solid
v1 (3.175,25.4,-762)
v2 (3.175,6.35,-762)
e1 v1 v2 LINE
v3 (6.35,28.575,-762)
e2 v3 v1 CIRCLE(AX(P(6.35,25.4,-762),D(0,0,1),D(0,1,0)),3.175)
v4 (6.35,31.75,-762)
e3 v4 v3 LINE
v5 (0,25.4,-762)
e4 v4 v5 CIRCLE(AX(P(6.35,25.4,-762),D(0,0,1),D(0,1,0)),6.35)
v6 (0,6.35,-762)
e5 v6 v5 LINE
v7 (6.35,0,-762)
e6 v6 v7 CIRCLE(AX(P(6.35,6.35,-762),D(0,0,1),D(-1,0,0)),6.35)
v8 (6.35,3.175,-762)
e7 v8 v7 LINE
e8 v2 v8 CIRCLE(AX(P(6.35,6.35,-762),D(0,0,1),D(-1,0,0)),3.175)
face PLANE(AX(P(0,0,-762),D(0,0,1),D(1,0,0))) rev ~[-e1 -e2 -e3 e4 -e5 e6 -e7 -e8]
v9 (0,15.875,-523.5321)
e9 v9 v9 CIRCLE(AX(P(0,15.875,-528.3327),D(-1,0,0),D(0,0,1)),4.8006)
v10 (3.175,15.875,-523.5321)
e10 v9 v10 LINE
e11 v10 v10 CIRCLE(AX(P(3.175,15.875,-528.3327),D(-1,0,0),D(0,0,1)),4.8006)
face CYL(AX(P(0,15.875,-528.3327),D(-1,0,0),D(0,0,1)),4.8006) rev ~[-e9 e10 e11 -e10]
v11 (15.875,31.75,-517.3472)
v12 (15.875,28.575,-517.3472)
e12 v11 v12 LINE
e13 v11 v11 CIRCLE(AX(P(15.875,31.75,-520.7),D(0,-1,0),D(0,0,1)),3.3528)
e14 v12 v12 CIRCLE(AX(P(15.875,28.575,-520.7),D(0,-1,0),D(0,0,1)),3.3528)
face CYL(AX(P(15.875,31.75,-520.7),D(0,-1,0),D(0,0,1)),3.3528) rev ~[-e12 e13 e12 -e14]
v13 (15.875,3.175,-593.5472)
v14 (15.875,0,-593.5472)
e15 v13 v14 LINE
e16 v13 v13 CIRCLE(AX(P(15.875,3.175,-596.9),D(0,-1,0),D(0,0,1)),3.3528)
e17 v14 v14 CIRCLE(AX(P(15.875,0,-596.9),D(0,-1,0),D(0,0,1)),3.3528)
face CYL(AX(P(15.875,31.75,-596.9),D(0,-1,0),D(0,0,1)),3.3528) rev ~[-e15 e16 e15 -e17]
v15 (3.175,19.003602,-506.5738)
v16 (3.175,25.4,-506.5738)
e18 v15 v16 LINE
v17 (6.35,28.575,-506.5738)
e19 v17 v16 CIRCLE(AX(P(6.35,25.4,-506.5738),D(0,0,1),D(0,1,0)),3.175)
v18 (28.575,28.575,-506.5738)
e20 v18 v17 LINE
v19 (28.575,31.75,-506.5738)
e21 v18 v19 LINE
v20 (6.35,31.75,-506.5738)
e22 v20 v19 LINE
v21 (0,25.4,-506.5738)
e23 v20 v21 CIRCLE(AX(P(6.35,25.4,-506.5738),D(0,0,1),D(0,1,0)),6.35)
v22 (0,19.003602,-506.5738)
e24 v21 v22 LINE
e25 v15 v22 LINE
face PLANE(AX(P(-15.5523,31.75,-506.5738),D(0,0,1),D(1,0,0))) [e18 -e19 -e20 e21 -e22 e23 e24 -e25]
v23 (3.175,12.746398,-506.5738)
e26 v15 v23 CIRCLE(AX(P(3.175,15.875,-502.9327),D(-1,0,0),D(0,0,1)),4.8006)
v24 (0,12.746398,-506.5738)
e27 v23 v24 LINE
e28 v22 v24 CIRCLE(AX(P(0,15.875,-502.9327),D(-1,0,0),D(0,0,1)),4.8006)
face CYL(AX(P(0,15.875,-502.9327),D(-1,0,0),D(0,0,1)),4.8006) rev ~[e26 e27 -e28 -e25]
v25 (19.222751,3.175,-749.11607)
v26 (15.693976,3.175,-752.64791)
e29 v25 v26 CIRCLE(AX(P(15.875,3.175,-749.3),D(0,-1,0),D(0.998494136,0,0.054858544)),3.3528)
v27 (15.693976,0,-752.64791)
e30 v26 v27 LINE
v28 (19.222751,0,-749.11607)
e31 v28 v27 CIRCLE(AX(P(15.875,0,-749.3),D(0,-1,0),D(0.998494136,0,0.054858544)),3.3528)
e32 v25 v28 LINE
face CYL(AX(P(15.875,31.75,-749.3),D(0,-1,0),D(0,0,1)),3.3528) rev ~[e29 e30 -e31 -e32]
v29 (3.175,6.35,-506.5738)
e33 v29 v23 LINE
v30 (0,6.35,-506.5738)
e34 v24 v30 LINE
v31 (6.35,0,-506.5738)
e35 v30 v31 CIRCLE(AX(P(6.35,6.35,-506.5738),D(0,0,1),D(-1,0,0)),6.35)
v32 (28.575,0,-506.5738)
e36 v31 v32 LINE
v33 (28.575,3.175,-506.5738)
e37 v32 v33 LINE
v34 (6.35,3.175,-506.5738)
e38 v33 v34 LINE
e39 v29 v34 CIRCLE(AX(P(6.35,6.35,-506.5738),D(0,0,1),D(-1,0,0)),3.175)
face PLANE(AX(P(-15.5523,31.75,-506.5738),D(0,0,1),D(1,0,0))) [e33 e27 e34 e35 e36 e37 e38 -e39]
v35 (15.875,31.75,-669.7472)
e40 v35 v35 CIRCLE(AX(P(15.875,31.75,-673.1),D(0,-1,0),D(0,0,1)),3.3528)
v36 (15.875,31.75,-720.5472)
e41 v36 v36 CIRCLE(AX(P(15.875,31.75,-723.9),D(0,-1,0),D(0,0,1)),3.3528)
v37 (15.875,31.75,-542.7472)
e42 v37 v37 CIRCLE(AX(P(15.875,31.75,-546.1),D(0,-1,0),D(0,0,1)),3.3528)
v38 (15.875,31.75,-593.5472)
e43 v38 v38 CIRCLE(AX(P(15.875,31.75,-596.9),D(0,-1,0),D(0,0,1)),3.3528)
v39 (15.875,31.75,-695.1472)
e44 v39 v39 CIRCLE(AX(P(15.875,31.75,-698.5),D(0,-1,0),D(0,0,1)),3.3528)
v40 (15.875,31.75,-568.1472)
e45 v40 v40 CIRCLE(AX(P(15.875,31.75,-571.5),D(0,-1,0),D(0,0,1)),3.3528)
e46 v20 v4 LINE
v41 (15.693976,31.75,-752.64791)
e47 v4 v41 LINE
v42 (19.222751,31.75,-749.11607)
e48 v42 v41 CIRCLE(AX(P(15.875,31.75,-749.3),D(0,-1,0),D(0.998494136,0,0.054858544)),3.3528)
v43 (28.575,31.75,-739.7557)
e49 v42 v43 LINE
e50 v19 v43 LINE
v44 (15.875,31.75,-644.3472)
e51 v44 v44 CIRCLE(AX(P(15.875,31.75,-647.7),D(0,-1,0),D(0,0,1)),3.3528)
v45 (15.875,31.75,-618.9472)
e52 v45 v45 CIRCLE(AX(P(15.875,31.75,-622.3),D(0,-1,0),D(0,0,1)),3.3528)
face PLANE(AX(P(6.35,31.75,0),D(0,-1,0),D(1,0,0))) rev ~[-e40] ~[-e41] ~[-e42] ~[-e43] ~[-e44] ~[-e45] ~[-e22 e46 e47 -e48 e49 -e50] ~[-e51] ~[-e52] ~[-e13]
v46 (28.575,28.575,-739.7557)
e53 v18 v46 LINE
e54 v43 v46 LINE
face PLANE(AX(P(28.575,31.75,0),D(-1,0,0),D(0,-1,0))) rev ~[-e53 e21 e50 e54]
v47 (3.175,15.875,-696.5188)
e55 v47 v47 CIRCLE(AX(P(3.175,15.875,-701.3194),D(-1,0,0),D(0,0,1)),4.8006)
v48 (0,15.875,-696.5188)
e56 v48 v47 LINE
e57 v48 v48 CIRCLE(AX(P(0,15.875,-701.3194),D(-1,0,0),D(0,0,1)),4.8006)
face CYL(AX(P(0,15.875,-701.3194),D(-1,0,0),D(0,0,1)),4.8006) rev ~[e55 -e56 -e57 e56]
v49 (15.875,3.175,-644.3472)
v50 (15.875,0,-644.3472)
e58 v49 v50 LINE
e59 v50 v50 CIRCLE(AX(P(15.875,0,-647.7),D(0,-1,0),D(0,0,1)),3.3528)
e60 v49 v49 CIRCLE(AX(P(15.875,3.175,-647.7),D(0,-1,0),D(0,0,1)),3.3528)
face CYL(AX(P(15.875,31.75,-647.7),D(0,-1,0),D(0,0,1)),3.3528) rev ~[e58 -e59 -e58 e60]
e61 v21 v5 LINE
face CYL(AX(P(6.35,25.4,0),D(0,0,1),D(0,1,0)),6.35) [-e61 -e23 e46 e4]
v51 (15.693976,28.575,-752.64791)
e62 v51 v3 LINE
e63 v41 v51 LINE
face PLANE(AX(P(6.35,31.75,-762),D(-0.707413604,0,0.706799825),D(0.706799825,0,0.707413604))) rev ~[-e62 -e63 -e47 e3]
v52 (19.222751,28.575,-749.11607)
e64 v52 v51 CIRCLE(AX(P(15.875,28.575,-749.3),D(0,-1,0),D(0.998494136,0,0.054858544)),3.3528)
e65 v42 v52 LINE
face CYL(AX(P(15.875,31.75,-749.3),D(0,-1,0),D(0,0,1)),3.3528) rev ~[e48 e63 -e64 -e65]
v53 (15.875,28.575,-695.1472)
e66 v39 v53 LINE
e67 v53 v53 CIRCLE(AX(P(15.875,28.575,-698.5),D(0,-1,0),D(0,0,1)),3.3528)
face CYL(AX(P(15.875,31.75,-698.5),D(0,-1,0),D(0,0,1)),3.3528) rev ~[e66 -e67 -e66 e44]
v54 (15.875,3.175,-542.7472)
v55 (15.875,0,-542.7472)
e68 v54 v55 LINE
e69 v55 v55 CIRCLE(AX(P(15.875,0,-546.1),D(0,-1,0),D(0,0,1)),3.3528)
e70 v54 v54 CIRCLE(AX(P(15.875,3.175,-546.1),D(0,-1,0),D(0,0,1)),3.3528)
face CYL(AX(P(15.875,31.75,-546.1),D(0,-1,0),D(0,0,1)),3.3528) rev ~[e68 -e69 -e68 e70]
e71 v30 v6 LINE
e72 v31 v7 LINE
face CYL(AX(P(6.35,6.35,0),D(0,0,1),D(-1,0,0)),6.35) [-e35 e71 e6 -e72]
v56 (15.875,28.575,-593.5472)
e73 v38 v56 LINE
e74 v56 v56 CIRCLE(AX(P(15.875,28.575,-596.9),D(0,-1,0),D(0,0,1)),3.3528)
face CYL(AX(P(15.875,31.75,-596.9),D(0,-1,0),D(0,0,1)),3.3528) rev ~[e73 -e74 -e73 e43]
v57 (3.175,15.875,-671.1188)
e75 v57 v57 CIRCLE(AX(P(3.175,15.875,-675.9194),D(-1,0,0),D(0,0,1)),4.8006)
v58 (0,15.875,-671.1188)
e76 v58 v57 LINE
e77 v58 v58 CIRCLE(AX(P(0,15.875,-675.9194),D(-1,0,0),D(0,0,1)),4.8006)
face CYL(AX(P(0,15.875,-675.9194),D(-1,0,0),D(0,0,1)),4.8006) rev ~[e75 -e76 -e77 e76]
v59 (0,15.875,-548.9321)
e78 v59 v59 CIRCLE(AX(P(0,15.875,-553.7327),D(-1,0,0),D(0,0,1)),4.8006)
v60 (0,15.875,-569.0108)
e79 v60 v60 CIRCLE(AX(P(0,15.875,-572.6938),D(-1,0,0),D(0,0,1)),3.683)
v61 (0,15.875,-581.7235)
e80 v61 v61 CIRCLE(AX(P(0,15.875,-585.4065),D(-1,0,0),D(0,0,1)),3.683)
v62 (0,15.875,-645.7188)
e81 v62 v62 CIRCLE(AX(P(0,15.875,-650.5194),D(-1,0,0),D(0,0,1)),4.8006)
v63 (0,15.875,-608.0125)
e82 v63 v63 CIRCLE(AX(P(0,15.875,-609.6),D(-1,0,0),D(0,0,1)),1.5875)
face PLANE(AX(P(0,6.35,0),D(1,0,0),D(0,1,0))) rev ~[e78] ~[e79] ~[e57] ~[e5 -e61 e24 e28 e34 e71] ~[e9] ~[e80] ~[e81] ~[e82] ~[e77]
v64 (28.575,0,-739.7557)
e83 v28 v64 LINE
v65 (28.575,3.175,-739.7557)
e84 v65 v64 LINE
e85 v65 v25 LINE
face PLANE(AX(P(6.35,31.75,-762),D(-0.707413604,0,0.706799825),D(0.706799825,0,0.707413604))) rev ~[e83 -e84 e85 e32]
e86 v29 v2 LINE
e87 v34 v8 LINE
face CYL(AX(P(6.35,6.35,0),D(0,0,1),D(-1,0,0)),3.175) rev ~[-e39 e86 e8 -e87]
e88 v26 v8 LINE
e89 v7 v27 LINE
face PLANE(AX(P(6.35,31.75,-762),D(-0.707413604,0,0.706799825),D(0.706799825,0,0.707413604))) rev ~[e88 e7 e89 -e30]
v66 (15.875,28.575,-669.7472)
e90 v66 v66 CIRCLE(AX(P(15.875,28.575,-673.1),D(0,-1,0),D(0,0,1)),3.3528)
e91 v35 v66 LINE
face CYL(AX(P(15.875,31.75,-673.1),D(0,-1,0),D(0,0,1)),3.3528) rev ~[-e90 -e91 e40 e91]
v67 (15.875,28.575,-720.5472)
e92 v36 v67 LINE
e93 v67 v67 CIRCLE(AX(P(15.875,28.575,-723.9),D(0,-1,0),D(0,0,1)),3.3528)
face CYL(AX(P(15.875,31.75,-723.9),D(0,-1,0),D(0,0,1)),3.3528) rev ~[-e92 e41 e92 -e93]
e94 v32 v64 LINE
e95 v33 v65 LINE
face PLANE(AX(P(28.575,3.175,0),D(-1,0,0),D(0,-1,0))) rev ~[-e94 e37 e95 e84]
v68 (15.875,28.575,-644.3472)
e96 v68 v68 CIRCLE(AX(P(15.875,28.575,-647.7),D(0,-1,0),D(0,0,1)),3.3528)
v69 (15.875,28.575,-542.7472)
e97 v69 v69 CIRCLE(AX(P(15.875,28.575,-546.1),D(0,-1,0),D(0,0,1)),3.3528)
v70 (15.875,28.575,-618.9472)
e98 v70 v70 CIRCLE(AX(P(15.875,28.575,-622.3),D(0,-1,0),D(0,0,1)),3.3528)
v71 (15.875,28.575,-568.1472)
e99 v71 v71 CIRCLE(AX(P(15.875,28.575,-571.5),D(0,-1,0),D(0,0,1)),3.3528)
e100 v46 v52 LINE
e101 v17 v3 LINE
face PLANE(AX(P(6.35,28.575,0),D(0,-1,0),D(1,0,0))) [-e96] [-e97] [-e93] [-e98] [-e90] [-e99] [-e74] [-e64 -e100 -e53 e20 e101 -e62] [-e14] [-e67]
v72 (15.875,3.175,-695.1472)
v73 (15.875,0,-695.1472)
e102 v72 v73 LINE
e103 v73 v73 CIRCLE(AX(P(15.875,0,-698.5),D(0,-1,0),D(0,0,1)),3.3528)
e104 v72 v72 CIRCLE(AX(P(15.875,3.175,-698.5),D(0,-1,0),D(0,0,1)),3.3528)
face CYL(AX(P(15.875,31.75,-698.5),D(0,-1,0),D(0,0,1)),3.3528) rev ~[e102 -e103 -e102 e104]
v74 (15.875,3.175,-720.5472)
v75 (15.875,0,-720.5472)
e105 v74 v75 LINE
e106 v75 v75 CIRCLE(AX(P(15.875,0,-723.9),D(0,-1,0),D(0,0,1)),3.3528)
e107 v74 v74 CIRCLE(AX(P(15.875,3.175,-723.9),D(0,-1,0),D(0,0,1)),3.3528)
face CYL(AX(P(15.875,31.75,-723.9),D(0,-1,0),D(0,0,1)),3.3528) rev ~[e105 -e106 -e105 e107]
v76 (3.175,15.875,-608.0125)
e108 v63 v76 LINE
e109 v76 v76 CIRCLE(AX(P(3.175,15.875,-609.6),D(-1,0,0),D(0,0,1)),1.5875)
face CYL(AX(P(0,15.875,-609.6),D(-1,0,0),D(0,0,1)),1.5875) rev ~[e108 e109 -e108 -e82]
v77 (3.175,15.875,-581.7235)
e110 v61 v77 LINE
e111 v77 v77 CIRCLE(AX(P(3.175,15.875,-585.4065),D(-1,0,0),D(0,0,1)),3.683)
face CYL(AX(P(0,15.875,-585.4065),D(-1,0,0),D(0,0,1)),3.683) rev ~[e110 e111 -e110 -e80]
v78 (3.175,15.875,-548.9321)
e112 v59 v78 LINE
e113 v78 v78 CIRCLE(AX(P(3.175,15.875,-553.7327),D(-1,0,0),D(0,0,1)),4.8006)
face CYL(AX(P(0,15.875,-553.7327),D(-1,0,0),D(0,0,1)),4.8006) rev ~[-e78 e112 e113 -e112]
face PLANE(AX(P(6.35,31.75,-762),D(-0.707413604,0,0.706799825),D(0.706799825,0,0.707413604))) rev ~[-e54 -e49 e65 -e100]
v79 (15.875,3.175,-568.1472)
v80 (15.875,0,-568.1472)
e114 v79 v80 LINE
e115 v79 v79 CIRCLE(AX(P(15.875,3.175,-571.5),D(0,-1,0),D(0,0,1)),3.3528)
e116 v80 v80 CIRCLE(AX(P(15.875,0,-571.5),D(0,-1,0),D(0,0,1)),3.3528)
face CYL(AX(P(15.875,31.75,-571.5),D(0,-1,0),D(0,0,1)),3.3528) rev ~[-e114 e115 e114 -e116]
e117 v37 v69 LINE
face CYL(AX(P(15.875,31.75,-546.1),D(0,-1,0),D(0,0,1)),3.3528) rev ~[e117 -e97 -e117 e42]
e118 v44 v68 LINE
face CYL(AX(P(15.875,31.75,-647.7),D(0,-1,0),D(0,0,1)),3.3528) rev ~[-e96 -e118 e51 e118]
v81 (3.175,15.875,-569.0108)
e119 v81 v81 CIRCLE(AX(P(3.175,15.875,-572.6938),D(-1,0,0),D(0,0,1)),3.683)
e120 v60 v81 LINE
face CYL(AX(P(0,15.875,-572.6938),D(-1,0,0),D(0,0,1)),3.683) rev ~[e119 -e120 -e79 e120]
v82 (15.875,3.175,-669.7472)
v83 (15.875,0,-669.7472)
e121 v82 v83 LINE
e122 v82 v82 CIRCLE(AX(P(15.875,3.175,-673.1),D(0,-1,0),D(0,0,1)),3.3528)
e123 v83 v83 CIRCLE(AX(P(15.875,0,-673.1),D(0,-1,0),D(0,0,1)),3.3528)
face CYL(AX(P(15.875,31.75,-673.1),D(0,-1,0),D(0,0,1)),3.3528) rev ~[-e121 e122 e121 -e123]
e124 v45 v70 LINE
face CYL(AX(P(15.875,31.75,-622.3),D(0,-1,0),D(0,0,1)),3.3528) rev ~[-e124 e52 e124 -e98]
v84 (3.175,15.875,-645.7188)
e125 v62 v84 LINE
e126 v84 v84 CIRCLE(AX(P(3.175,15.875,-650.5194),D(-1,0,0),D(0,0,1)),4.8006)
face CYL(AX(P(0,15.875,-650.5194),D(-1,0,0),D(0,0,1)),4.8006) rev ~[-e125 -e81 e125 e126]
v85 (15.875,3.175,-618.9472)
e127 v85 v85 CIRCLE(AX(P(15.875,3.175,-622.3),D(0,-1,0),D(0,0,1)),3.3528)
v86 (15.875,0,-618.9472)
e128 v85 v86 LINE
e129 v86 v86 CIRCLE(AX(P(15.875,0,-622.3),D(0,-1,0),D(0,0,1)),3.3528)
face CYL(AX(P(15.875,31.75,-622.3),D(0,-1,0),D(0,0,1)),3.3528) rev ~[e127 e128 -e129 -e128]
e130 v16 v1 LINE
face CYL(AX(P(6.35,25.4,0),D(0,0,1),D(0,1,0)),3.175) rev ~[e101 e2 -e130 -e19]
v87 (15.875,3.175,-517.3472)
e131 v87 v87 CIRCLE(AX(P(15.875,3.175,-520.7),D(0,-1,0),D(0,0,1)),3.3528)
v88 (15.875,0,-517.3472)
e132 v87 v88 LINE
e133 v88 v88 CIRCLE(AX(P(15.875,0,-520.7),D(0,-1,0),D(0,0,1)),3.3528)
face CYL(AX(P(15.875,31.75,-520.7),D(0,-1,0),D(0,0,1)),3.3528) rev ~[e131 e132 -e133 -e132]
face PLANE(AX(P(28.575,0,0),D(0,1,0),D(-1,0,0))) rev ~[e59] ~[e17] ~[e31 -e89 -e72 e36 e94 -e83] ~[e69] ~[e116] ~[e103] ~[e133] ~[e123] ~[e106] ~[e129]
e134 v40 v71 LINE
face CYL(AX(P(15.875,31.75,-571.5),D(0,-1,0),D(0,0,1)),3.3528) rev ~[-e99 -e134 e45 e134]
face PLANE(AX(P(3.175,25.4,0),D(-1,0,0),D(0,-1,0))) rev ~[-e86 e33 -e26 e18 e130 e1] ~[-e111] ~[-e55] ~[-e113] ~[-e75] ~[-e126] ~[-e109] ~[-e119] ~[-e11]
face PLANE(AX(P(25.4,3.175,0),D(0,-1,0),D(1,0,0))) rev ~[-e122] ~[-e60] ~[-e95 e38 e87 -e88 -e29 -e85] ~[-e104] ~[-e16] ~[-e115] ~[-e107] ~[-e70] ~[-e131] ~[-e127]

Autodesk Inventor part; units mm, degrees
ref_plane "YZ Plane" through (0, 0, 0) normal (1, 0, 0) x (0, 1, 0)
ref_plane "XZ Plane" through (0, 0, 0) normal (0, 1, 0) x (-1, 0, 0)
ref_plane "XY Plane" through (0, 0, 0) normal (0, 0, 1) x (1, 0, 0)
sketch "Sketch1" plane through (0, 0, 0) normal (0, 0, 1) x (1, 0, 0)
  line L0 (6.35, 28.575) -> (25.4, 28.575)
  line L1 (6.35, 31.75) -> (25.4, 31.75)
  line L2 (25.4, 0) -> (6.35, 0)
  arc A0 (0, 6.35) -> (6.35, 0) centre (6.35, 6.35) ccw
  line L3 (0, 6.35) -> (0, 25.4)
  arc A1 (6.35, 31.75) -> (0, 25.4) centre (6.35, 25.4) ccw
  line L4 (6.35, 31.75) -> (25.4, 31.75)
  line L5 (25.4, 28.575) -> (6.35, 28.575)
  arc A2 (6.35, 28.575) -> (3.175, 25.4) centre (6.35, 25.4) ccw
  line L6 (3.175, 25.4) -> (3.175, 6.35)
  arc A3 (3.175, 6.35) -> (6.35, 3.175) centre (6.35, 6.35) ccw
  line L7 (6.35, 3.175) -> (25.4, 3.175)
  line L8 (28.575, 3.175) -> (28.575, 0)
  line L9 (25.4, 31.75) -> (28.575, 31.75)
  line L10 (28.575, 28.575) -> (25.4, 28.575)
  line L11 (28.575, 31.75) -> (28.575, 28.575)
  line L12 (28.575, 0) -> (25.4, 0)
  line L13 (28.575, 3.175) -> (28.575, 0)
  line L14 (25.4, 3.175) -> (28.575, 3.175)
  point P0 (0, 0)
extrude "Extrusion1" add sketch "Sketch1" against normal blind 762
chamfer "Chamfer1" distance 3.175 angle 45 4 edges at (28.575, 30.1625, 0) (28.575, 1.5875, 0) (28.575, 30.1625, -762) (28.575, 1.5875, -762)
sketch "Sketch2" plane through (6.35, 31.75, 0) normal (0, 1, 0) x (1, 0, 0)
  line L0 (19.05, 0) -> (0, 0) projected
  line L1 (22.225, 3.175) -> (22.225, 758.825) projected
  point P0 (-6.35, 0)
  point P1 (9.525, 12.7)
  dimension "d5" = 12.7
  dimension "d6" = 12.7
hole "Hole1" at (15.875, 31.75, -12.7) direction (0, -1, 0) diameter 6.7056 end through all
pattern_linear "Rectangular Pattern1" count 30 spacing 25.4 along (0, 0, -1) of "Hole1"
sketch "Sketch3" plane through (0, 6.35, 0) normal (-1, 0, 0) x (0, 0, 1)
  line L0 (0, 19.05) -> (-762, 19.05)
  line L1 (-762, 19.05) -> (-762, 0)
  line L2 (0, 0) -> (-762, 0)
  line L3 (0, 0) -> (0, 19.05)
  circle A0 centre (-701.3194, 9.525) radius 4.8006
  circle A1 centre (-111.4298, 9.525) radius 4.8006
  circle A2 centre (-189.2808, 9.525) radius 3.683
  circle A3 centre (-278.1808, 9.525) radius 3.683
  circle A4 centre (-483.7938, 9.525) radius 3.683
  circle A5 centre (-572.6938, 9.525) radius 3.683
  circle A6 centre (-471.1065, 9.525) radius 3.683
  circle A7 centre (-585.4065, 9.525) radius 3.683
  circle A8 centre (-290.8935, 9.525) radius 3.683
  circle A9 centre (-176.5935, 9.525) radius 3.683
  circle A10 centre (-553.7327, 9.525) radius 4.8006
  circle A11 centre (-528.3327, 9.525) radius 4.8006
  circle A12 centre (-502.9327, 9.525) radius 4.8006
  circle A13 centre (-259.0673, 9.525) radius 4.8006
  circle A14 centre (-233.6673, 9.525) radius 4.8006
  circle A15 centre (-208.2673, 9.525) radius 4.8006
  circle A16 centre (-609.6, 9.525) radius 1.5875
  circle A17 centre (-152.4, 9.525) radius 1.5875
  circle A18 centre (-381, 5.969) radius 4.8006
  circle A19 centre (-86.0298, 9.525) radius 4.8006
  circle A20 centre (-675.9194, 9.525) radius 4.8006
  circle A21 centre (-650.5194, 9.525) radius 4.8006
  circle A22 centre (-60.6298, 9.525) radius 4.8006
  point P0 (0, -6.35)
  point P1 (-762, -6.35)
extrude "Extrusion2" cut sketch "Sketch3" against normal up to next contours A0 | A1 | A2 | A3 | A4 | A5 | A6 | A7 | A8 | A9 | A10 | A11 | A12 | A13 | A14 | A15 | A16 | A17 | A18 | A19 | A20 | A21 | A22
sketch "Sketch4" plane through (6.35, 31.75, 0) normal (0, 1, 0) x (1, 0, 0)
  line L0 (-21.9023, 506.5738) -> (102.4291, 506.5738)
  line L1 (102.4291, 506.5738) -> (102.4291, -101.978)
  line L2 (102.4291, -101.978) -> (-21.9023, -101.978)
  line L3 (-21.9023, -101.978) -> (-21.9023, 506.5738)
  point P0 (-6.35, 0)
extrude "Extrusion3" cut sketch "Sketch4" against normal blind 50.8
sketch "Sketch5" plane through (6.35, 31.75, -762) normal (0, 1, 0) x (1, 0, 0)
  line L0 (0, -255.4262) -> (0, 0) projected
  line L1 (0, 0) -> (22.225, -22.2443)
  line L2 (22.225, -255.4262) -> (22.225, -3.175) projected
  line L3 (0, 0) -> (19.05, 0) projected
  line L4 (0, 0) -> (22.225, 0)
  line L5 (22.225, 0) -> (22.225, -22.2443)
  point P0 (-6.35, -762)
extrude "Extrusion4" cut sketch "Sketch5" against normal blind 76.2
properties part number "am-2222" material "Aluminum 6061"
